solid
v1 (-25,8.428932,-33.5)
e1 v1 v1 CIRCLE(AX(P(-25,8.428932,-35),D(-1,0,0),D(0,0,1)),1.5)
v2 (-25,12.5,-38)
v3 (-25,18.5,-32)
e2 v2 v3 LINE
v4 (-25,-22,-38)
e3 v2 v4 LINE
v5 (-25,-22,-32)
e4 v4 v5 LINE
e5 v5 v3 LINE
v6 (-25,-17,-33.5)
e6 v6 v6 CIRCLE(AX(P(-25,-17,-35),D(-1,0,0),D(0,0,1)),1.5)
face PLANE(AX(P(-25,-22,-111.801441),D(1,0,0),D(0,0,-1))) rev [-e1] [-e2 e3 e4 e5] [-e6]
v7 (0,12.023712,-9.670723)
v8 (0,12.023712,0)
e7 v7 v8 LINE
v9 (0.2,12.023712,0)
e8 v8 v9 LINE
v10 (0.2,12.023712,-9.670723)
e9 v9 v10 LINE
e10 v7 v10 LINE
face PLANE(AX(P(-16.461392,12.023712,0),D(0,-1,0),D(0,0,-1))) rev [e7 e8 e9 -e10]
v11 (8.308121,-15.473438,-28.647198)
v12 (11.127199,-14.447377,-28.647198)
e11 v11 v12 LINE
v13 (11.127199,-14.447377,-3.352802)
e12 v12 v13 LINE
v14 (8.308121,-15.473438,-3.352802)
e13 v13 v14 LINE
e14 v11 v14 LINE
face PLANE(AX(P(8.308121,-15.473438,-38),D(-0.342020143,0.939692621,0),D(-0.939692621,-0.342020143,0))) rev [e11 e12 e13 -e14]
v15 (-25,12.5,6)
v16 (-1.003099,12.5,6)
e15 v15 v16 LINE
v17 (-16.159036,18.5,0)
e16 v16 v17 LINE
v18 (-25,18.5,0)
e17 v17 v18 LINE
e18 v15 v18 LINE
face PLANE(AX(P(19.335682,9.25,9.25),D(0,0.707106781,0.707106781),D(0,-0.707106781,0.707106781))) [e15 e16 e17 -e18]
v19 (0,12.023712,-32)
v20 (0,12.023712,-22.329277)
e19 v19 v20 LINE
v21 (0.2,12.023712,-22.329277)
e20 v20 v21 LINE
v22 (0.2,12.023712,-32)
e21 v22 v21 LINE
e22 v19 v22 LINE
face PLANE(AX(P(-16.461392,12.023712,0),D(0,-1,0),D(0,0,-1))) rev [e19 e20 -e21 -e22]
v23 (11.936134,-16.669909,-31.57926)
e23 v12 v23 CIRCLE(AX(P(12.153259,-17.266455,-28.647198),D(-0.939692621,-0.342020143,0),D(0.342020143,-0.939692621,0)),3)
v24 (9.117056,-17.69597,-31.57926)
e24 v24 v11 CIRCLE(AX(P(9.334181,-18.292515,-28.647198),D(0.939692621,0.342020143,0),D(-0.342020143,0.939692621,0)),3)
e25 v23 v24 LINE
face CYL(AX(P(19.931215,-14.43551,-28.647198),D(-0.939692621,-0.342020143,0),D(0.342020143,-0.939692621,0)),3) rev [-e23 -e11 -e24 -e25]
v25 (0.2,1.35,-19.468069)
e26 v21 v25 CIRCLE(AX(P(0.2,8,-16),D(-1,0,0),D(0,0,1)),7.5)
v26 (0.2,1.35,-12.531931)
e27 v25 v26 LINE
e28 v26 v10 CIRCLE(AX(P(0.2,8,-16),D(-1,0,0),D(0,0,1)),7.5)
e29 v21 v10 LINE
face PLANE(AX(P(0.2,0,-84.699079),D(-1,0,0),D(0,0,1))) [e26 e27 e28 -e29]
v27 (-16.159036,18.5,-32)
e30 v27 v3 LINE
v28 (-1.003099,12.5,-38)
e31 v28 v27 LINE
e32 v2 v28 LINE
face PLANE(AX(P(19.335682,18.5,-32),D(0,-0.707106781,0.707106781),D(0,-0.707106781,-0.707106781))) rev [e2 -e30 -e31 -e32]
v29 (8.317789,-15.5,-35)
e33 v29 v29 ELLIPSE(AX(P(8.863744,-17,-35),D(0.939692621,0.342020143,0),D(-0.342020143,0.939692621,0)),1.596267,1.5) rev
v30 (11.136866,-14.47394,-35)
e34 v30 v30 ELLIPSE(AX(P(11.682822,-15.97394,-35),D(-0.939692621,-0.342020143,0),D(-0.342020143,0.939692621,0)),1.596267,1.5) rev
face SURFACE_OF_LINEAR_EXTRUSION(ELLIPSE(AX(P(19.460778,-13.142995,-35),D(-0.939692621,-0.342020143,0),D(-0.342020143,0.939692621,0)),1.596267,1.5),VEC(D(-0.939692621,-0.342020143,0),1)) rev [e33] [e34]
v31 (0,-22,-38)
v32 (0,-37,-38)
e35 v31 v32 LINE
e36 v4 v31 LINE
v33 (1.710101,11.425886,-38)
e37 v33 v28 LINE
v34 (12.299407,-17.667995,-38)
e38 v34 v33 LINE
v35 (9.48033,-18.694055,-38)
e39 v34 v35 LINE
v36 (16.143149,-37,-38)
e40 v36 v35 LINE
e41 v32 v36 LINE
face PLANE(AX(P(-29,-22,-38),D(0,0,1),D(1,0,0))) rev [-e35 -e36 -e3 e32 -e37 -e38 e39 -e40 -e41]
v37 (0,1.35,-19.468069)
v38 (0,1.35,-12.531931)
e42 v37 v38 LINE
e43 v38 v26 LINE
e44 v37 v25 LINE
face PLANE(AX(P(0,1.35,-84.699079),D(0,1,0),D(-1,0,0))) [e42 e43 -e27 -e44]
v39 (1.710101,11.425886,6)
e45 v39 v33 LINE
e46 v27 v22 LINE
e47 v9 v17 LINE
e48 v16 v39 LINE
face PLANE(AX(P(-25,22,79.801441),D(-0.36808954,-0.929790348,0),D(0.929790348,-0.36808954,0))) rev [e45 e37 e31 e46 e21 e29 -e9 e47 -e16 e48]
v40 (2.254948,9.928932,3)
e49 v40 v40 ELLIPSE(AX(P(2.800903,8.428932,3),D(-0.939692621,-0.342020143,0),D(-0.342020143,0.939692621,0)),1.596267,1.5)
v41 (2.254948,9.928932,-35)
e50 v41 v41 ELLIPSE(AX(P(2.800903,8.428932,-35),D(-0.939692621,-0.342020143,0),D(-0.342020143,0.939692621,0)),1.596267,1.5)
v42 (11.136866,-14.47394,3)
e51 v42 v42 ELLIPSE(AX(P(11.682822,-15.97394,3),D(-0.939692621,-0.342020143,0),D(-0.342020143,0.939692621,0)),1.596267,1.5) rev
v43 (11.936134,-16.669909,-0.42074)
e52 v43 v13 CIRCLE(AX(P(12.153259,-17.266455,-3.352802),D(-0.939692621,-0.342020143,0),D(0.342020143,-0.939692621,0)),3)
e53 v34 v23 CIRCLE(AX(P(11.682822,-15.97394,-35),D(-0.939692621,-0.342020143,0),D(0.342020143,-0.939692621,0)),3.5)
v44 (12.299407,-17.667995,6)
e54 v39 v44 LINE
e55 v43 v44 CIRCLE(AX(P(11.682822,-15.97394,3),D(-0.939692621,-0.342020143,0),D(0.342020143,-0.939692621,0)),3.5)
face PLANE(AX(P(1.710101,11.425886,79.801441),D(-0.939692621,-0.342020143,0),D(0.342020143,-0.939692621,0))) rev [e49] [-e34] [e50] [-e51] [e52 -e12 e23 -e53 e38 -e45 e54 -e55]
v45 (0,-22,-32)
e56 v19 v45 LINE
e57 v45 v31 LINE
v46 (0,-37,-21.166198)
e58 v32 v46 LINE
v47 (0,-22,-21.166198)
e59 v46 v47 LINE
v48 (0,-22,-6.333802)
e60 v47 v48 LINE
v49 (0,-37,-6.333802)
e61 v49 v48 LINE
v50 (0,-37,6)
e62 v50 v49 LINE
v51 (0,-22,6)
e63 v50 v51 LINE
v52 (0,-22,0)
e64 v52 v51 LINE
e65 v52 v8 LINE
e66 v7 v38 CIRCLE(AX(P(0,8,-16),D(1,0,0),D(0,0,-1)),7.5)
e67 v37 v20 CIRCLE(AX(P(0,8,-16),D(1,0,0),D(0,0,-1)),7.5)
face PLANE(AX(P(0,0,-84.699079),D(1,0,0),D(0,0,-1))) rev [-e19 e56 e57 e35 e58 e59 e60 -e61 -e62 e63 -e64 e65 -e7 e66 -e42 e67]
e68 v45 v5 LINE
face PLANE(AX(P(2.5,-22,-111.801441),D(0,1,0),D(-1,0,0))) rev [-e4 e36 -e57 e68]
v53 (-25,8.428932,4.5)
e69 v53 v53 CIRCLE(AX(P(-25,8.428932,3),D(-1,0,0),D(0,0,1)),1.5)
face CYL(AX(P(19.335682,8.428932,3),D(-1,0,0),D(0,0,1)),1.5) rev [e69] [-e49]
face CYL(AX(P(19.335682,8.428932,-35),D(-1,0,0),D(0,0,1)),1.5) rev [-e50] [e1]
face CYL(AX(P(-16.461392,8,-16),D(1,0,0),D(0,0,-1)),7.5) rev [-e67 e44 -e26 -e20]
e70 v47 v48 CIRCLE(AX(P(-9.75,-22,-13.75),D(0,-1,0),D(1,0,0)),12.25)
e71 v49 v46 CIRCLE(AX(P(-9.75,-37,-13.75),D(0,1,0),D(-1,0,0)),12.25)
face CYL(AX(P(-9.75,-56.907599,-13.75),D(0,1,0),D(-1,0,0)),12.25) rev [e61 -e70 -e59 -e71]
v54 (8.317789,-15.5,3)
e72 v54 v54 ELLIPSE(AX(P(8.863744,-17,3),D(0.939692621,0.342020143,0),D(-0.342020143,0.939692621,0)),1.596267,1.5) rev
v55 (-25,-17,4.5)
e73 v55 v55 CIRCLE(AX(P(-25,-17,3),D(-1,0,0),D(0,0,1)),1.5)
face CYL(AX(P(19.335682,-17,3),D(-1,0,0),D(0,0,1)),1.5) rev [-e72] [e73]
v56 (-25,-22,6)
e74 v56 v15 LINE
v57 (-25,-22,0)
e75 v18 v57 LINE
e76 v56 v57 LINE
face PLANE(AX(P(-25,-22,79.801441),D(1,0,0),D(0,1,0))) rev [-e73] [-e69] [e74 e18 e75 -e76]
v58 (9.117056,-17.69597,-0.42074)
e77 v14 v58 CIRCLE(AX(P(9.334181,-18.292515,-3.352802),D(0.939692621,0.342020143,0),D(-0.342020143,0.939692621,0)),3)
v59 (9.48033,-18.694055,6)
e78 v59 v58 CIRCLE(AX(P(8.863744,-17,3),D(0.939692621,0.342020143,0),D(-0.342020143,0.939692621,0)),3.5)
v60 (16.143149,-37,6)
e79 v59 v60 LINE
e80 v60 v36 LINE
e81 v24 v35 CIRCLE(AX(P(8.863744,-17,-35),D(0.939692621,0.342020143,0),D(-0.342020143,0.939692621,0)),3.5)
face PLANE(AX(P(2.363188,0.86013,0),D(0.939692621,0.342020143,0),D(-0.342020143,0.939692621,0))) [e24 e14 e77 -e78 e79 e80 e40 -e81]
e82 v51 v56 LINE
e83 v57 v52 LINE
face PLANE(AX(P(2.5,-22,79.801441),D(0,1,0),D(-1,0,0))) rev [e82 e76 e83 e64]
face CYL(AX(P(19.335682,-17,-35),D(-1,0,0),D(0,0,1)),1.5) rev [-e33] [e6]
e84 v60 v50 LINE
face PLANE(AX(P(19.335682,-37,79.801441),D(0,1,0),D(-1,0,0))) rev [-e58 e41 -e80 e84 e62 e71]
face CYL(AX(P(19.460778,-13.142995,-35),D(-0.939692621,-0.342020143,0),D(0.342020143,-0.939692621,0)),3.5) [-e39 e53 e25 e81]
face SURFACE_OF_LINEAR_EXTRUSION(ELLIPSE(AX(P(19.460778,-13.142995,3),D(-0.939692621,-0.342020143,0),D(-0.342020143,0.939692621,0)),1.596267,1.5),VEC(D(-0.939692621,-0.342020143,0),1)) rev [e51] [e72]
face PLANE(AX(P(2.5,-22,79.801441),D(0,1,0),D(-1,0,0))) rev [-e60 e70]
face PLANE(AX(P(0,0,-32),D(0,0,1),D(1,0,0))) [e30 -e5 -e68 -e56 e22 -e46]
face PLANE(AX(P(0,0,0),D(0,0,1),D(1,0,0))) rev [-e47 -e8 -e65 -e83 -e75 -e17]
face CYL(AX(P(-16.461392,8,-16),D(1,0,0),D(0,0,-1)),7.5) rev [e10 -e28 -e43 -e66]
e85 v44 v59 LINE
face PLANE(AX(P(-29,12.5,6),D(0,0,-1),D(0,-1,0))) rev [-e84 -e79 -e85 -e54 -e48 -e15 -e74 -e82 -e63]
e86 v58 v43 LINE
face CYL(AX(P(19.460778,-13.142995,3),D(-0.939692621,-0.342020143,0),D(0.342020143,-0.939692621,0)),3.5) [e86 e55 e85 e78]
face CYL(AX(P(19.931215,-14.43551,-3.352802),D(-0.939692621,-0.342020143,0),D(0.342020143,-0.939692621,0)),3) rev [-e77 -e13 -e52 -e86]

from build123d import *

# Parameters (mm, degrees)
BOSS_EXTRUDE1_DEPTH = 6
CUT_EXTRUDE1_DEPTH  = 59.057322490699136
BOSS_EXTRUDE2_DEPTH = 32
BOSS_EXTRUDE3_DEPTH = 0.2
BOSS_EXTRUDE4_DEPTH = 15
BOSS_EXTRUDE5_DEPTH = 6
CUT_EXTRUDE2_DEPTH  = 70.12779972477816
SKETCH8_R           = 1.5000000000000042
SKETCH8_R_2         = 1.5000000000000018
CUT_EXTRUDE3_DEPTH  = 70.12779972477817
SKETCH9_W           = 2.49999999999999
SKETCH9_H           = 5.999999999999993
BOSS_EXTRUDE6_DEPTH = 15
CUT_EXTRUDE4_DEPTH  = 3
BOSS_EXTRUDE7_DEPTH = 3
FILLET1_R           = 3


with BuildPart() as part:
    # Sketch1 → Boss-Extrude1 (new body)
    with BuildSketch(Plane.XY):
        Polygon((-25, 22.000000000000007), (1.7101007166283717, 11.425886468780801), (19.33568195921926, -36.99999999999998), (2.500000000000002, -36.999999999999986), (2.500000000000002, -21.999999999999986), (-25.000000000000004, -21.99999999999999), align=None)
    extrude(amount=BOSS_EXTRUDE1_DEPTH)

    # Sketch2 → Cut-Extrude1 (cut, through all)
    with BuildSketch(Plane.ZY.offset(25.000000000000004)):
        Polygon((-4.44e-15, 18.499999999999993), (5.999999999999988, 12.499999999999988), (5.999999999999991, 22.000000000000007), (0, 22.000000000000004), align=None)
    extrude(amount=-CUT_EXTRUDE1_DEPTH, mode=Mode.SUBTRACT)

    # Sketch3 → Boss-Extrude2 (add)
    with BuildSketch(Plane(origin=(0, 0, 0), x_dir=(-1, 0, 0), z_dir=(0, 0, -1))):
        Polygon((-1.7101007166283715, 11.425886468780803), (-19.33568195921926, -36.99999999999998), (-2.500000000000002, -36.999999999999986), (-2.500000000000002, -21.999999999999986), (0, -21.999999999999986), (-9.2e-16, 1.3500000000000014), (-0.2, 1.3499999999999996), (-0.2, 12.023711860403642), align=None)
    extrude(amount=BOSS_EXTRUDE2_DEPTH)

    # Sketch4 → Boss-Extrude3 (add)
    with BuildSketch(Plane.ZY.offset(-0.2)):
        with BuildLine():
            Line((-32, 12.02371186040364), (-32, 1.3499999999999996))
            Line((-32, 1.3499999999999996), (-19.46806862677186, 1.3499999999999996))
            ThreePointArc((-19.468068626771874, 1.3499999999999552), (-23.244240803514778, 6.058100110538283), (-22.32927664622476, 12.023711860403747))
            Line((-22.32927664622472, 12.02371186040364), (-32, 12.02371186040364))
        make_face()
        with BuildLine():
            ThreePointArc((-8.499999999999993, 7.999999999999998), (-9.586712438195622, 4.111588672786104), (-12.531931373228087, 1.3499999999999694))
            Line((-12.53193137322809, 1.3499999999999999), (0, 1.3499999999999999))
            Line((0, 1.3499999999999979), (0, 12.023711860403642))
            Line((0, 12.02371186040364), (-9.670723353775251, 12.02371186040364))
            ThreePointArc((-9.67072335377522, 12.023711860403733), (-8.798626004480603, 10.09528341201306), (-8.499999999999993, 8))
        make_face()
    extrude(amount=BOSS_EXTRUDE3_DEPTH)

    # Sketch5 → Boss-Extrude4 (add)
    with BuildSketch(Plane.XZ.offset(21.999999999999986)):
        with BuildLine():
            Line((-1.86e-15, 0), (-1.86e-15, -6.333801512904159))
            ThreePointArc((-1.1013e-13, -6.333801512904192), (1.8581867686024491, -9.836881046371968), (2.4999999999999964, -13.750000014767066))
            Line((2.4999999999999973, -13.750000014767064), (2.4999999999999973, 6.000000000000006))
            Line((2.4999999999999973, 6.000000000000006), (-1.8e-15, 6))
            Line((-1.8e-15, 6), (-1.86e-15, 0))
        make_face()
        with BuildLine():
            Line((-1.86e-15, -21.166198487095418), (-1.86e-15, -32))
            Line((-1.78e-15, -32), (2.4999999999999973, -32))
            Line((2.4999999999999973, -32), (2.4999999999999973, -13.750000014767064))
            ThreePointArc((2.4999999999999964, -13.750000014767066), (1.8581867638853513, -17.6631189676212), (1.4744e-13, -21.166198487095464))
        make_face()
    extrude(amount=BOSS_EXTRUDE4_DEPTH)

    # Sketch6 → Boss-Extrude5 (add)
    with BuildSketch(Plane(origin=(2.66e-15, 0, -32), x_dir=(-1, 0, -8e-17), z_dir=(8e-17, 0, -1))):
        Polygon((25, 22.000000000000007), (-1.7101007166283717, 11.425886468780801), (-19.33568195921926, -36.99999999999998), (-2.500000000000002, -36.999999999999986), (-2.500000000000002, -21.999999999999986), (25.000000000000004, -21.99999999999999), align=None)
    extrude(amount=BOSS_EXTRUDE5_DEPTH)

    # Sketch7 → Cut-Extrude2 (cut, through all)
    with BuildSketch(Plane.ZY.offset(25.000000000000004)):
        Polygon((-38.00000000000001, 22.000000000000004), (-32, 22.000000000000004), (-32, 18.499999999999982), (-38.00000000000001, 12.49999999999995), align=None)
    extrude(amount=-CUT_EXTRUDE2_DEPTH, mode=Mode.SUBTRACT)

    # Sketch8 → Cut-Extrude3 (cut, through all)
    with BuildSketch(Plane.ZY.offset(25.000000000000004)):
        with Locations((-34.99999999999999, 8.428932188134494)):
            Circle(SKETCH8_R)
        with Locations((-34.99999999999999, -17.000000000000004)):
            Circle(SKETCH8_R)
        with Locations((3.0000000000000027, -16.99999999999999)):
            Circle(SKETCH8_R_2)
        with Locations((2.9999999999999956, 8.428932188134505)):
            Circle(SKETCH8_R_2)
    extrude(amount=-CUT_EXTRUDE3_DEPTH, mode=Mode.SUBTRACT)

    # Sketch9 → Boss-Extrude6 (add)
    with BuildSketch(Plane.XZ.offset(36.999999999999986)):
        with Locations((1.249999999999995, -35)):
            Rectangle(SKETCH9_W, SKETCH9_H)
    extrude(amount=-BOSS_EXTRUDE6_DEPTH)

    # Sketch10 → Cut-Extrude4 (cut)
    with BuildSketch(Plane(origin=(5.182266059796382, 1.8861905918139033, 0), x_dir=(0, 0, -1), z_dir=(0.939692620785907, 0.34202014332567265, 0))):
        Polygon((37.99999999999999, -41.38181968407034), (37.99999999999999, -17.381819684070333), (-5.999999999999991, -17.381819684070337), (-6.00000000000001, -41.38181968407034), align=None)
    extrude(amount=-CUT_EXTRUDE4_DEPTH, mode=Mode.SUBTRACT)

    # Sketch11 → Boss-Extrude7 (add)
    # profile 1 of 2: a face of its own
    with BuildSketch(Plane(origin=(2.363188197438662, 0.8601301618368854, 0), x_dir=(0, 0, -1), z_dir=(0.939692620785907, 0.3420201433256727, 0))):
        with BuildLine():
            ThreePointArc((0.499999999999996, -19.00635353175345), (0.39856604189581324, -18.16984360421368), (0.10014350921565462, -17.38181968407036))
            Line((0.10014350921566262, -17.38181968407034), (-5.999999999999993, -17.38181968407034))
            Line((-5.999999999999991, -17.38181968407034), (-5.999999999999994, -20.809129169485423))
            ThreePointArc((-6.000000000000014, -20.809129169485427), (-2.0645856533065285, -22.379037922561462), (0.499999999999996, -19.00635353175345))
        make_face()
        with BuildLine():
            add(Edge.make_bspline(
                [(-3.000000000000003, -17.410086873039575), (-5.598076211353321, -17.410086873039575), (-4.299038105676663, -19.804486861110384), (-3.0000000000000044, -22.198886849181193), (-1.7009618943233444, -19.804486861110384), (-0.4019237886466831, -17.410086873039578), (-3.0000000000000027, -17.410086873039575)],
                knots=[0, 0, 0, 2.0943951023931953, 2.0943951023931953, 4.1887902047863905, 4.1887902047863905, 6.283185307179586, 6.283185307179586, 6.283185307179586], degree=2, weights=[1, 0.5000000000000001, 1, 0.5000000000000001, 1, 0.5000000000000001, 1]))
        make_face(mode=Mode.SUBTRACT)
    # profile 2 of 2: a face of its own
    with BuildSketch(Plane(origin=(2.363188197438662, 0.8601301618368854, 0), x_dir=(0, 0, -1), z_dir=(0.939692620785907, 0.3420201433256727, 0))):
        with BuildLine():
            Line((37.99999999999999, -20.809129169485587), (37.99999999999999, -17.381819684070337))
            Line((37.99999999999999, -17.381819684070337), (31.899856490784423, -17.381819684070337))
            ThreePointArc((31.899856490784394, -17.38181968407025), (33.28561388310159, -22.057727032684816), (37.99999999999992, -20.80912916948557))
        make_face()
        with BuildLine():
            add(Edge.make_bspline(
                [(34.999999999999986, -17.41008687303959), (32.40192378864666, -17.41008687303959), (33.70096189432332, -19.8044868611104), (34.999999999999986, -22.198886849181218), (36.299038105676644, -19.804486861110405), (37.59807621135331, -17.410086873039592), (34.999999999999986, -17.41008687303959)],
                knots=[0, 0, 0, 2.0943951023931953, 2.0943951023931953, 4.1887902047863905, 4.1887902047863905, 6.283185307179586, 6.283185307179586, 6.283185307179586], degree=2, weights=[1, 0.5000000000000001, 1, 0.5000000000000001, 1, 0.5000000000000001, 1]))
        make_face(mode=Mode.SUBTRACT)
    extrude(amount=BOSS_EXTRUDE7_DEPTH)

    # Fillet1
    fillet1_edges = [part.edges().sort_by_distance(p)[0] for p in [
        (9.717659588224263, -14.960407316126739, -0.10014350921565796),
        (9.717659588224242, -14.960407316126686, -31.89985649078441),
    ]]
    fillet(fillet1_edges, radius=FILLET1_R)


solid = part.part
